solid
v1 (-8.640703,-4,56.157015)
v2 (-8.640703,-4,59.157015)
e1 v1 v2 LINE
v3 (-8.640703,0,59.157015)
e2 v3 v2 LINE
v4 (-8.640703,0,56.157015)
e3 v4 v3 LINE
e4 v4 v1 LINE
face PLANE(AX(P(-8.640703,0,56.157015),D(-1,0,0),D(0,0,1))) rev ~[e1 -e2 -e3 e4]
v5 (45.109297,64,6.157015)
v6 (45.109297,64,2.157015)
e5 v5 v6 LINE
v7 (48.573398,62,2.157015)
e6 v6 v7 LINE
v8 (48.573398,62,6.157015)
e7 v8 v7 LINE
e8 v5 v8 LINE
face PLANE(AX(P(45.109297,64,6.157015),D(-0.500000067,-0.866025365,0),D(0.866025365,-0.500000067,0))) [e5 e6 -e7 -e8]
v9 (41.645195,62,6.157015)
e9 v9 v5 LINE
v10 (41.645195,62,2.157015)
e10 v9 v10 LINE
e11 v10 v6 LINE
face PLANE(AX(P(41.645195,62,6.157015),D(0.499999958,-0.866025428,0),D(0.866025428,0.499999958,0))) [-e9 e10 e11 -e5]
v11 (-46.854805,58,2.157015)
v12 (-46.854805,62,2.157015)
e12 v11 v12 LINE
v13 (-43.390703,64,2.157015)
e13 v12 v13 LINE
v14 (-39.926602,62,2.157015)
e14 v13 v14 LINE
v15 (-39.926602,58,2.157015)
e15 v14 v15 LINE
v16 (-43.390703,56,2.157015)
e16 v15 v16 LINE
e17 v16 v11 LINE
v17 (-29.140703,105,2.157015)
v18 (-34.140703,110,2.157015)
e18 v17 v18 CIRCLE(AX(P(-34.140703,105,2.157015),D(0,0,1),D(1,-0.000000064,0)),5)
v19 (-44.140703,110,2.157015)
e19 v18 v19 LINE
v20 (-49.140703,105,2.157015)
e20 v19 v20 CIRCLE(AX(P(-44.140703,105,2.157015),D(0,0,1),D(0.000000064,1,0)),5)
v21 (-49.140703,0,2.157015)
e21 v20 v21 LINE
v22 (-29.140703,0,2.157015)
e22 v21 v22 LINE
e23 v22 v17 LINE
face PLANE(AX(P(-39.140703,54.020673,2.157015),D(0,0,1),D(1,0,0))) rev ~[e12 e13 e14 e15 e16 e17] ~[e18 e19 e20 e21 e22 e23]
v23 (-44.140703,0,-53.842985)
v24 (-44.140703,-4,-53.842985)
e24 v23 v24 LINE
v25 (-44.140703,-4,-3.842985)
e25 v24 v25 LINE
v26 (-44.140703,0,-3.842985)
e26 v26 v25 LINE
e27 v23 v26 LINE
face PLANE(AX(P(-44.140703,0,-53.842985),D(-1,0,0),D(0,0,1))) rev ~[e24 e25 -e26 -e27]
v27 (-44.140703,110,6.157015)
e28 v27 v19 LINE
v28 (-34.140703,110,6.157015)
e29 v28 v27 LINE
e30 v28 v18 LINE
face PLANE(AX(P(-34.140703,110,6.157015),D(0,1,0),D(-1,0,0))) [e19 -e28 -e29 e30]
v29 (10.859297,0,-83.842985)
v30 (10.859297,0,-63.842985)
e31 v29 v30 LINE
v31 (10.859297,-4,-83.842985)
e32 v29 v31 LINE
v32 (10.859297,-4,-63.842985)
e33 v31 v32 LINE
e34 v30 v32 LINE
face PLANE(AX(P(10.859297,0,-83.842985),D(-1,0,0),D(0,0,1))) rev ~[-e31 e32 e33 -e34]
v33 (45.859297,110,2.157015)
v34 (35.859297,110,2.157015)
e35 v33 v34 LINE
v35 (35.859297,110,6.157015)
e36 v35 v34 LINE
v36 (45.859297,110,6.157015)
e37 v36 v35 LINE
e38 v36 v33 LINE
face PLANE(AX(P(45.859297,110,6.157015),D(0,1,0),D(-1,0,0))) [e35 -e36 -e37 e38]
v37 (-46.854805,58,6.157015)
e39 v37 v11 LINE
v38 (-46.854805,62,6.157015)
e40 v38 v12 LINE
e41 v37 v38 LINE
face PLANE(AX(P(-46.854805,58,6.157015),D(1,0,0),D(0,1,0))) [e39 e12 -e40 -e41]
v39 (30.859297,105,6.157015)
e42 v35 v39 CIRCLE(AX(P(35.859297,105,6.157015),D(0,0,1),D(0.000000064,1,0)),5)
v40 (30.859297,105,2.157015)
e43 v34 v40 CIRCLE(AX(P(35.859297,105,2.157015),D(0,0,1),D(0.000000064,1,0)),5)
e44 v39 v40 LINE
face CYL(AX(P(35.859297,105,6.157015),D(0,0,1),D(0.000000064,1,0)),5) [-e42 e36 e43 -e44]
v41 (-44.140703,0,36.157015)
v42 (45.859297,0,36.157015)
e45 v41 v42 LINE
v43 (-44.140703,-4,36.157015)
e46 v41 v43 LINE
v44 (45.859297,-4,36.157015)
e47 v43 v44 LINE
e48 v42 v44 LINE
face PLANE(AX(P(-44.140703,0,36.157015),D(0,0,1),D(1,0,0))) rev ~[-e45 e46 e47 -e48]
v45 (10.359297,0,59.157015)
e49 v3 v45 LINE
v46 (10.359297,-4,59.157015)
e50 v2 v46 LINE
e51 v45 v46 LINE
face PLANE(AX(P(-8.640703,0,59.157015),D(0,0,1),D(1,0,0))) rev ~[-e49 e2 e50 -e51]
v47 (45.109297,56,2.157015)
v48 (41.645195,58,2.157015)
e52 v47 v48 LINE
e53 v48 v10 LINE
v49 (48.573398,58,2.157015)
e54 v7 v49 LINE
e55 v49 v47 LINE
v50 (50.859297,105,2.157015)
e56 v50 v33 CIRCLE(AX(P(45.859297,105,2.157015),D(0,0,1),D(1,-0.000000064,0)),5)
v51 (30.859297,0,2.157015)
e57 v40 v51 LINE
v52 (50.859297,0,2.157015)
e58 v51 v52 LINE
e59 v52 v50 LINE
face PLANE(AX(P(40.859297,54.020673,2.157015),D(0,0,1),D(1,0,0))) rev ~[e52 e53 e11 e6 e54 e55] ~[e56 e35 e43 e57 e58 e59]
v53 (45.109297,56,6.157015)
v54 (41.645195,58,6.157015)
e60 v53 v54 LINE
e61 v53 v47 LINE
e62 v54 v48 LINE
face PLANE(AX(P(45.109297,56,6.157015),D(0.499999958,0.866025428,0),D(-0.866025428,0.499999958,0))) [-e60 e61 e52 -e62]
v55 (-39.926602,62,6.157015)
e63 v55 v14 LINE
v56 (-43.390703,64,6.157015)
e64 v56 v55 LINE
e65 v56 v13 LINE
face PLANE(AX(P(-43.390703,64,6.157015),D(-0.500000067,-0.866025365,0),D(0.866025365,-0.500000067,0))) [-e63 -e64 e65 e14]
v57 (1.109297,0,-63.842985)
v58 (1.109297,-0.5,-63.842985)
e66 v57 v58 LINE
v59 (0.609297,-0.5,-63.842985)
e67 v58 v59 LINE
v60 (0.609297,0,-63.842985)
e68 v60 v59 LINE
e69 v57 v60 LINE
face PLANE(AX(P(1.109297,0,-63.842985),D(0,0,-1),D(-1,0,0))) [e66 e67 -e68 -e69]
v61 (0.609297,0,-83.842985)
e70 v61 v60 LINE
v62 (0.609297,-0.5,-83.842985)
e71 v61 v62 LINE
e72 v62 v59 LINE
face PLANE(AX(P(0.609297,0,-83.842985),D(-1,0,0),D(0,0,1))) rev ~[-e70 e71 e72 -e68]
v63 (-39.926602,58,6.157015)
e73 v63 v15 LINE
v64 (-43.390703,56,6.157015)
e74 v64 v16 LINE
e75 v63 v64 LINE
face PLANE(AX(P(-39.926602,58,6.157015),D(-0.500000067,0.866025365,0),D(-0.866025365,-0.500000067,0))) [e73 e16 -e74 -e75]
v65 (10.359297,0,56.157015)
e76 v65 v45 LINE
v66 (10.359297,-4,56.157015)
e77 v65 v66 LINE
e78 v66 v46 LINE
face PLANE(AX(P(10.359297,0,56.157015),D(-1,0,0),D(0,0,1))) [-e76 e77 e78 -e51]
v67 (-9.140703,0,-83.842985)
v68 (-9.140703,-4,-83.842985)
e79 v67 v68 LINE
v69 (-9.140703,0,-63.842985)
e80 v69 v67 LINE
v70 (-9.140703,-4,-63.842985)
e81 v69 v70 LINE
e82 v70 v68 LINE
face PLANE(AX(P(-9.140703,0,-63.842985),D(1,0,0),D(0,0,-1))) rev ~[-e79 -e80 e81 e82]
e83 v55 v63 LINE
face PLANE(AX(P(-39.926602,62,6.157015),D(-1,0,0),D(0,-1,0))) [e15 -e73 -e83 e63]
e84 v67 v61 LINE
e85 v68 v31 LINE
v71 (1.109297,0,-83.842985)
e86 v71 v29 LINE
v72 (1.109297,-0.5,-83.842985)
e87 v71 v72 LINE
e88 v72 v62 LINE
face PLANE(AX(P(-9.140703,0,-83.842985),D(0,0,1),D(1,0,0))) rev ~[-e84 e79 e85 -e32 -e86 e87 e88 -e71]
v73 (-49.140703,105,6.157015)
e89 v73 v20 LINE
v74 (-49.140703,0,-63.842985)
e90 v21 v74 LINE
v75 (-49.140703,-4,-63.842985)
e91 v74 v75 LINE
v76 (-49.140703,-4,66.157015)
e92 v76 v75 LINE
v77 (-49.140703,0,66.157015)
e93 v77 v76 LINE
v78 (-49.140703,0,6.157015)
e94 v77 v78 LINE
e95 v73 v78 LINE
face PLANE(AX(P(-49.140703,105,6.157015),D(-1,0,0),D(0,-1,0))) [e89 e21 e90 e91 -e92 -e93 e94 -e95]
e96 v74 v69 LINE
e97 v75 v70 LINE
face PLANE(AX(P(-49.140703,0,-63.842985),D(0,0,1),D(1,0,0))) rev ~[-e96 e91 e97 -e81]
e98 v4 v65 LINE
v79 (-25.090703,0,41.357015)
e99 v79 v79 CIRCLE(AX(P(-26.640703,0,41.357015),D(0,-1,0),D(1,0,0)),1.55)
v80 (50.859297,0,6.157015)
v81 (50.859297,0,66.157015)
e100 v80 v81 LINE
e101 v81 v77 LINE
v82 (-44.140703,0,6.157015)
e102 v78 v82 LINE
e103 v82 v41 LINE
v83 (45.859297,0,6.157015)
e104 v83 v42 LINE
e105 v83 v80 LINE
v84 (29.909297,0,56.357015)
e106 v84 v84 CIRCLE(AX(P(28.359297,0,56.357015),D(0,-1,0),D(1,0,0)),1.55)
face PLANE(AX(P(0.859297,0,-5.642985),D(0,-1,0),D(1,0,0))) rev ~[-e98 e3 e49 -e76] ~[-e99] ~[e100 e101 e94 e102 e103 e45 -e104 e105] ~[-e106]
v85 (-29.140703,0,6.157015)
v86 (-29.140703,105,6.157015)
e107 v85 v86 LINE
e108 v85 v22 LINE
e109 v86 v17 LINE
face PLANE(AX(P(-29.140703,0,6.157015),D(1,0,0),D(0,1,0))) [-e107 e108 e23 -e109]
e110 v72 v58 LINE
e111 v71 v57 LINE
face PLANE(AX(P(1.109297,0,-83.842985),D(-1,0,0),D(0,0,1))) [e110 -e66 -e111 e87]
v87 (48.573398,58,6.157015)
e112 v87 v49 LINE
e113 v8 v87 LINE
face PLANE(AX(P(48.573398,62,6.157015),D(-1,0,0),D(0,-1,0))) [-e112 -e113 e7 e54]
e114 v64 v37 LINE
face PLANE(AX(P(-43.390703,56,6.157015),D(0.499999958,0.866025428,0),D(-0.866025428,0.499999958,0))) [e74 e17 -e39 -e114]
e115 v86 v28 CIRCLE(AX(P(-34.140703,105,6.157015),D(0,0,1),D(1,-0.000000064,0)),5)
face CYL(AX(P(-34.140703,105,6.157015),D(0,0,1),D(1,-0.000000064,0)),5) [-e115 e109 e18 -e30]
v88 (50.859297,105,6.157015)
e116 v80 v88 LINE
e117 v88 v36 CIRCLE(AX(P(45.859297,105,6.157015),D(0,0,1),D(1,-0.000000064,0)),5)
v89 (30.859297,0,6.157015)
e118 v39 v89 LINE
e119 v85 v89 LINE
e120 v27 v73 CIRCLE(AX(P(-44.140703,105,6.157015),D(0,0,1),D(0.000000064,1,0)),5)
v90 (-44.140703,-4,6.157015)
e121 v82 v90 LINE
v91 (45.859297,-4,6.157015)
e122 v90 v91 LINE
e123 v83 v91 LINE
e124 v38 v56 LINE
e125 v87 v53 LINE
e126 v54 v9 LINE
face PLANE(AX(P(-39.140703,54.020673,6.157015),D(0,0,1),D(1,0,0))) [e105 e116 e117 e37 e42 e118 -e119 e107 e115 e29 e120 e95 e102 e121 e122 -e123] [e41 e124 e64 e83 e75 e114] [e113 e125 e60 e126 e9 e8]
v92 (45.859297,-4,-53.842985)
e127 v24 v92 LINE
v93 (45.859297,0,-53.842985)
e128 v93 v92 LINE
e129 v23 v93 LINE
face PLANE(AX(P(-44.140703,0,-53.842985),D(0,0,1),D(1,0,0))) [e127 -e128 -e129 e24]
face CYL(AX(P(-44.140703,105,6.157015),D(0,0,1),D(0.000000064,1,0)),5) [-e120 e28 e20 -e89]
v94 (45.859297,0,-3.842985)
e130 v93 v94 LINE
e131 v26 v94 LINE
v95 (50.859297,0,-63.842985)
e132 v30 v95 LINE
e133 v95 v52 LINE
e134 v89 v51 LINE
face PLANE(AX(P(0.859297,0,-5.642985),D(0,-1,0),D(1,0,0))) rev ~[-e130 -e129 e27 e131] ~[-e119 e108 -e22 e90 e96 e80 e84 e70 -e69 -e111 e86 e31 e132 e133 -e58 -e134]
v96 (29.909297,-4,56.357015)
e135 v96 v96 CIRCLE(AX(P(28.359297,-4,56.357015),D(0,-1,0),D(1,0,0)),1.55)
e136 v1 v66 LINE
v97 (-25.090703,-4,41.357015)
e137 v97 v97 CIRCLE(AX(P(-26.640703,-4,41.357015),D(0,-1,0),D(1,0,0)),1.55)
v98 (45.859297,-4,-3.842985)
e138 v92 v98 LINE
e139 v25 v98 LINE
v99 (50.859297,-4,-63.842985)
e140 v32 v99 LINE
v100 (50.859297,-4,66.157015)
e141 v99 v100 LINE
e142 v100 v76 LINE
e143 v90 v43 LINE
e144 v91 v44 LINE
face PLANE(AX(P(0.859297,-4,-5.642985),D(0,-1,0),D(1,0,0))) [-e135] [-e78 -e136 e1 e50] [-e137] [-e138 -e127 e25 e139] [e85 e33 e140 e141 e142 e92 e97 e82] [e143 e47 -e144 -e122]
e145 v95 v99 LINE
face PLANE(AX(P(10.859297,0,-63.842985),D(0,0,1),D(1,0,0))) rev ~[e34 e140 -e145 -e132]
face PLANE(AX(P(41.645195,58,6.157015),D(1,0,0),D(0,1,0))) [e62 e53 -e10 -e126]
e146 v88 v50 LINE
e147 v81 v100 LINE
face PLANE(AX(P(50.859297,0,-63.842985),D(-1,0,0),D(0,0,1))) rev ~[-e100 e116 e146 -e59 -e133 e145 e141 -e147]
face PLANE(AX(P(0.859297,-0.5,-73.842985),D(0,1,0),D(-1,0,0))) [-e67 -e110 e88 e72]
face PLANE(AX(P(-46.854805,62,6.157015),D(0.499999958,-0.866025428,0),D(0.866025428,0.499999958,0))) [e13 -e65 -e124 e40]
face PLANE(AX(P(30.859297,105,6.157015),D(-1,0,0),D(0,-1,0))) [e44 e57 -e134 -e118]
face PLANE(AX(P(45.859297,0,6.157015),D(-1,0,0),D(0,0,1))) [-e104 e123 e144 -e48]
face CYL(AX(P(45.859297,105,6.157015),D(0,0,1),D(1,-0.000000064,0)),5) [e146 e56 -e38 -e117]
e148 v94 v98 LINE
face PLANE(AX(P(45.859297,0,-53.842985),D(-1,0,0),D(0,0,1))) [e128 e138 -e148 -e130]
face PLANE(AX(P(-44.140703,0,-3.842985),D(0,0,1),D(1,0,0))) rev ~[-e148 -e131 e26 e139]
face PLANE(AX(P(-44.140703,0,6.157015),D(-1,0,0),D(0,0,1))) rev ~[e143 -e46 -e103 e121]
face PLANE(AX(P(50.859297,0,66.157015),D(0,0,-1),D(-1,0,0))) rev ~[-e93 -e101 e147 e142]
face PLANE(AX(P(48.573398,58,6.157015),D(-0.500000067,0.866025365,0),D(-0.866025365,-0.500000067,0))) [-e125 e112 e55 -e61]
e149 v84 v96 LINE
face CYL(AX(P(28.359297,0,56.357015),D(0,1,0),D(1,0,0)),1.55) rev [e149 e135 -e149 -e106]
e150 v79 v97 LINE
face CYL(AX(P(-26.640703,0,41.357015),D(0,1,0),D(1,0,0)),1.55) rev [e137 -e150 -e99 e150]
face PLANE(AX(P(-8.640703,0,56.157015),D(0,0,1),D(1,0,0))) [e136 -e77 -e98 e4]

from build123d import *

# Parameters (mm, degrees)
F0_W     = 90
F0_H     = 50
F0_H_2   = 30
F0_R     = 1.55
F0_W_2   = 19
F0_H_3   = 3
F1_DEPTH = 4
F3_DEPTH = 4
F4_W     = 0.5
F4_H     = 20
F5_DEPTH = 0.5


with BuildPart() as f1:
    # F0 (on Front) → F1 (new body)
    with BuildSketch(Plane.XZ):
        Polygon((50.859297, 66.157015), (-49.140703, 66.157015), (-49.140703, -63.842985), (-9.140703, -63.842985), (-9.140703, -83.842985), (10.859297, -83.842985), (10.859297, -63.842985), (50.859297, -63.842985), align=None)
        with Locations((0.859297, -28.842985)):
            Rectangle(F0_W, F0_H, mode=Mode.SUBTRACT)
        with Locations((0.859297, 21.157015)):
            Rectangle(F0_W, F0_H_2, mode=Mode.SUBTRACT)
        with Locations((-26.640703, 41.357015)):
            Circle(F0_R, mode=Mode.SUBTRACT)
        with Locations((0.859297, 57.657015)):
            Rectangle(F0_W_2, F0_H_3, mode=Mode.SUBTRACT)
        with Locations((28.359297, 56.357015)):
            Circle(F0_R, mode=Mode.SUBTRACT)
    extrude(amount=F1_DEPTH)

    # F2 (on face) → F3 (join)
    with BuildSketch(Plane.XY.offset(6.157015)):
        with BuildLine():
            Line((-49.140703, 105), (-49.140703, 0))
            Line((-49.140703, 0), (-29.140703, 0))
            Line((-29.140703, 0), (-29.140703, 105))
            ThreePointArc((-29.140703, 105), (-30.605169, 108.535534), (-34.140703, 110))
            Line((-34.140703, 110), (-44.140703, 110))
            ThreePointArc((-44.140703, 110), (-47.676237, 108.535534), (-49.140703, 105))
        make_face()
        Polygon((-46.854805, 62), (-43.390703, 64), (-39.926602, 62), (-39.926602, 58), (-43.390703, 56), (-46.854805, 58), align=None, mode=Mode.SUBTRACT)
        with BuildLine():
            Line((30.859297, 105), (30.859297, 0))
            Line((30.859297, 0), (50.859297, 0))
            Line((50.859297, 0), (50.859297, 105))
            ThreePointArc((50.859297, 105), (49.394831, 108.535534), (45.859297, 110))
            Line((45.859297, 110), (35.859297, 110))
            ThreePointArc((35.859297, 110), (32.323763, 108.535534), (30.859297, 105))
        make_face()
        Polygon((45.109297, 64), (48.573398, 62), (48.573398, 58), (45.109297, 56), (41.645195, 58), (41.645195, 62), align=None, mode=Mode.SUBTRACT)
    extrude(amount=-F3_DEPTH)

    # F4 (on face) → F5 (cut)
    with BuildSketch(Plane(origin=(0, 0, 0), x_dir=(-1, 0, 0), z_dir=(0, 1, 0))):
        with Locations((-0.859297, -73.842985)):
            Rectangle(F4_W, F4_H)
    extrude(amount=-F5_DEPTH, mode=Mode.SUBTRACT)


solid = f1.part
